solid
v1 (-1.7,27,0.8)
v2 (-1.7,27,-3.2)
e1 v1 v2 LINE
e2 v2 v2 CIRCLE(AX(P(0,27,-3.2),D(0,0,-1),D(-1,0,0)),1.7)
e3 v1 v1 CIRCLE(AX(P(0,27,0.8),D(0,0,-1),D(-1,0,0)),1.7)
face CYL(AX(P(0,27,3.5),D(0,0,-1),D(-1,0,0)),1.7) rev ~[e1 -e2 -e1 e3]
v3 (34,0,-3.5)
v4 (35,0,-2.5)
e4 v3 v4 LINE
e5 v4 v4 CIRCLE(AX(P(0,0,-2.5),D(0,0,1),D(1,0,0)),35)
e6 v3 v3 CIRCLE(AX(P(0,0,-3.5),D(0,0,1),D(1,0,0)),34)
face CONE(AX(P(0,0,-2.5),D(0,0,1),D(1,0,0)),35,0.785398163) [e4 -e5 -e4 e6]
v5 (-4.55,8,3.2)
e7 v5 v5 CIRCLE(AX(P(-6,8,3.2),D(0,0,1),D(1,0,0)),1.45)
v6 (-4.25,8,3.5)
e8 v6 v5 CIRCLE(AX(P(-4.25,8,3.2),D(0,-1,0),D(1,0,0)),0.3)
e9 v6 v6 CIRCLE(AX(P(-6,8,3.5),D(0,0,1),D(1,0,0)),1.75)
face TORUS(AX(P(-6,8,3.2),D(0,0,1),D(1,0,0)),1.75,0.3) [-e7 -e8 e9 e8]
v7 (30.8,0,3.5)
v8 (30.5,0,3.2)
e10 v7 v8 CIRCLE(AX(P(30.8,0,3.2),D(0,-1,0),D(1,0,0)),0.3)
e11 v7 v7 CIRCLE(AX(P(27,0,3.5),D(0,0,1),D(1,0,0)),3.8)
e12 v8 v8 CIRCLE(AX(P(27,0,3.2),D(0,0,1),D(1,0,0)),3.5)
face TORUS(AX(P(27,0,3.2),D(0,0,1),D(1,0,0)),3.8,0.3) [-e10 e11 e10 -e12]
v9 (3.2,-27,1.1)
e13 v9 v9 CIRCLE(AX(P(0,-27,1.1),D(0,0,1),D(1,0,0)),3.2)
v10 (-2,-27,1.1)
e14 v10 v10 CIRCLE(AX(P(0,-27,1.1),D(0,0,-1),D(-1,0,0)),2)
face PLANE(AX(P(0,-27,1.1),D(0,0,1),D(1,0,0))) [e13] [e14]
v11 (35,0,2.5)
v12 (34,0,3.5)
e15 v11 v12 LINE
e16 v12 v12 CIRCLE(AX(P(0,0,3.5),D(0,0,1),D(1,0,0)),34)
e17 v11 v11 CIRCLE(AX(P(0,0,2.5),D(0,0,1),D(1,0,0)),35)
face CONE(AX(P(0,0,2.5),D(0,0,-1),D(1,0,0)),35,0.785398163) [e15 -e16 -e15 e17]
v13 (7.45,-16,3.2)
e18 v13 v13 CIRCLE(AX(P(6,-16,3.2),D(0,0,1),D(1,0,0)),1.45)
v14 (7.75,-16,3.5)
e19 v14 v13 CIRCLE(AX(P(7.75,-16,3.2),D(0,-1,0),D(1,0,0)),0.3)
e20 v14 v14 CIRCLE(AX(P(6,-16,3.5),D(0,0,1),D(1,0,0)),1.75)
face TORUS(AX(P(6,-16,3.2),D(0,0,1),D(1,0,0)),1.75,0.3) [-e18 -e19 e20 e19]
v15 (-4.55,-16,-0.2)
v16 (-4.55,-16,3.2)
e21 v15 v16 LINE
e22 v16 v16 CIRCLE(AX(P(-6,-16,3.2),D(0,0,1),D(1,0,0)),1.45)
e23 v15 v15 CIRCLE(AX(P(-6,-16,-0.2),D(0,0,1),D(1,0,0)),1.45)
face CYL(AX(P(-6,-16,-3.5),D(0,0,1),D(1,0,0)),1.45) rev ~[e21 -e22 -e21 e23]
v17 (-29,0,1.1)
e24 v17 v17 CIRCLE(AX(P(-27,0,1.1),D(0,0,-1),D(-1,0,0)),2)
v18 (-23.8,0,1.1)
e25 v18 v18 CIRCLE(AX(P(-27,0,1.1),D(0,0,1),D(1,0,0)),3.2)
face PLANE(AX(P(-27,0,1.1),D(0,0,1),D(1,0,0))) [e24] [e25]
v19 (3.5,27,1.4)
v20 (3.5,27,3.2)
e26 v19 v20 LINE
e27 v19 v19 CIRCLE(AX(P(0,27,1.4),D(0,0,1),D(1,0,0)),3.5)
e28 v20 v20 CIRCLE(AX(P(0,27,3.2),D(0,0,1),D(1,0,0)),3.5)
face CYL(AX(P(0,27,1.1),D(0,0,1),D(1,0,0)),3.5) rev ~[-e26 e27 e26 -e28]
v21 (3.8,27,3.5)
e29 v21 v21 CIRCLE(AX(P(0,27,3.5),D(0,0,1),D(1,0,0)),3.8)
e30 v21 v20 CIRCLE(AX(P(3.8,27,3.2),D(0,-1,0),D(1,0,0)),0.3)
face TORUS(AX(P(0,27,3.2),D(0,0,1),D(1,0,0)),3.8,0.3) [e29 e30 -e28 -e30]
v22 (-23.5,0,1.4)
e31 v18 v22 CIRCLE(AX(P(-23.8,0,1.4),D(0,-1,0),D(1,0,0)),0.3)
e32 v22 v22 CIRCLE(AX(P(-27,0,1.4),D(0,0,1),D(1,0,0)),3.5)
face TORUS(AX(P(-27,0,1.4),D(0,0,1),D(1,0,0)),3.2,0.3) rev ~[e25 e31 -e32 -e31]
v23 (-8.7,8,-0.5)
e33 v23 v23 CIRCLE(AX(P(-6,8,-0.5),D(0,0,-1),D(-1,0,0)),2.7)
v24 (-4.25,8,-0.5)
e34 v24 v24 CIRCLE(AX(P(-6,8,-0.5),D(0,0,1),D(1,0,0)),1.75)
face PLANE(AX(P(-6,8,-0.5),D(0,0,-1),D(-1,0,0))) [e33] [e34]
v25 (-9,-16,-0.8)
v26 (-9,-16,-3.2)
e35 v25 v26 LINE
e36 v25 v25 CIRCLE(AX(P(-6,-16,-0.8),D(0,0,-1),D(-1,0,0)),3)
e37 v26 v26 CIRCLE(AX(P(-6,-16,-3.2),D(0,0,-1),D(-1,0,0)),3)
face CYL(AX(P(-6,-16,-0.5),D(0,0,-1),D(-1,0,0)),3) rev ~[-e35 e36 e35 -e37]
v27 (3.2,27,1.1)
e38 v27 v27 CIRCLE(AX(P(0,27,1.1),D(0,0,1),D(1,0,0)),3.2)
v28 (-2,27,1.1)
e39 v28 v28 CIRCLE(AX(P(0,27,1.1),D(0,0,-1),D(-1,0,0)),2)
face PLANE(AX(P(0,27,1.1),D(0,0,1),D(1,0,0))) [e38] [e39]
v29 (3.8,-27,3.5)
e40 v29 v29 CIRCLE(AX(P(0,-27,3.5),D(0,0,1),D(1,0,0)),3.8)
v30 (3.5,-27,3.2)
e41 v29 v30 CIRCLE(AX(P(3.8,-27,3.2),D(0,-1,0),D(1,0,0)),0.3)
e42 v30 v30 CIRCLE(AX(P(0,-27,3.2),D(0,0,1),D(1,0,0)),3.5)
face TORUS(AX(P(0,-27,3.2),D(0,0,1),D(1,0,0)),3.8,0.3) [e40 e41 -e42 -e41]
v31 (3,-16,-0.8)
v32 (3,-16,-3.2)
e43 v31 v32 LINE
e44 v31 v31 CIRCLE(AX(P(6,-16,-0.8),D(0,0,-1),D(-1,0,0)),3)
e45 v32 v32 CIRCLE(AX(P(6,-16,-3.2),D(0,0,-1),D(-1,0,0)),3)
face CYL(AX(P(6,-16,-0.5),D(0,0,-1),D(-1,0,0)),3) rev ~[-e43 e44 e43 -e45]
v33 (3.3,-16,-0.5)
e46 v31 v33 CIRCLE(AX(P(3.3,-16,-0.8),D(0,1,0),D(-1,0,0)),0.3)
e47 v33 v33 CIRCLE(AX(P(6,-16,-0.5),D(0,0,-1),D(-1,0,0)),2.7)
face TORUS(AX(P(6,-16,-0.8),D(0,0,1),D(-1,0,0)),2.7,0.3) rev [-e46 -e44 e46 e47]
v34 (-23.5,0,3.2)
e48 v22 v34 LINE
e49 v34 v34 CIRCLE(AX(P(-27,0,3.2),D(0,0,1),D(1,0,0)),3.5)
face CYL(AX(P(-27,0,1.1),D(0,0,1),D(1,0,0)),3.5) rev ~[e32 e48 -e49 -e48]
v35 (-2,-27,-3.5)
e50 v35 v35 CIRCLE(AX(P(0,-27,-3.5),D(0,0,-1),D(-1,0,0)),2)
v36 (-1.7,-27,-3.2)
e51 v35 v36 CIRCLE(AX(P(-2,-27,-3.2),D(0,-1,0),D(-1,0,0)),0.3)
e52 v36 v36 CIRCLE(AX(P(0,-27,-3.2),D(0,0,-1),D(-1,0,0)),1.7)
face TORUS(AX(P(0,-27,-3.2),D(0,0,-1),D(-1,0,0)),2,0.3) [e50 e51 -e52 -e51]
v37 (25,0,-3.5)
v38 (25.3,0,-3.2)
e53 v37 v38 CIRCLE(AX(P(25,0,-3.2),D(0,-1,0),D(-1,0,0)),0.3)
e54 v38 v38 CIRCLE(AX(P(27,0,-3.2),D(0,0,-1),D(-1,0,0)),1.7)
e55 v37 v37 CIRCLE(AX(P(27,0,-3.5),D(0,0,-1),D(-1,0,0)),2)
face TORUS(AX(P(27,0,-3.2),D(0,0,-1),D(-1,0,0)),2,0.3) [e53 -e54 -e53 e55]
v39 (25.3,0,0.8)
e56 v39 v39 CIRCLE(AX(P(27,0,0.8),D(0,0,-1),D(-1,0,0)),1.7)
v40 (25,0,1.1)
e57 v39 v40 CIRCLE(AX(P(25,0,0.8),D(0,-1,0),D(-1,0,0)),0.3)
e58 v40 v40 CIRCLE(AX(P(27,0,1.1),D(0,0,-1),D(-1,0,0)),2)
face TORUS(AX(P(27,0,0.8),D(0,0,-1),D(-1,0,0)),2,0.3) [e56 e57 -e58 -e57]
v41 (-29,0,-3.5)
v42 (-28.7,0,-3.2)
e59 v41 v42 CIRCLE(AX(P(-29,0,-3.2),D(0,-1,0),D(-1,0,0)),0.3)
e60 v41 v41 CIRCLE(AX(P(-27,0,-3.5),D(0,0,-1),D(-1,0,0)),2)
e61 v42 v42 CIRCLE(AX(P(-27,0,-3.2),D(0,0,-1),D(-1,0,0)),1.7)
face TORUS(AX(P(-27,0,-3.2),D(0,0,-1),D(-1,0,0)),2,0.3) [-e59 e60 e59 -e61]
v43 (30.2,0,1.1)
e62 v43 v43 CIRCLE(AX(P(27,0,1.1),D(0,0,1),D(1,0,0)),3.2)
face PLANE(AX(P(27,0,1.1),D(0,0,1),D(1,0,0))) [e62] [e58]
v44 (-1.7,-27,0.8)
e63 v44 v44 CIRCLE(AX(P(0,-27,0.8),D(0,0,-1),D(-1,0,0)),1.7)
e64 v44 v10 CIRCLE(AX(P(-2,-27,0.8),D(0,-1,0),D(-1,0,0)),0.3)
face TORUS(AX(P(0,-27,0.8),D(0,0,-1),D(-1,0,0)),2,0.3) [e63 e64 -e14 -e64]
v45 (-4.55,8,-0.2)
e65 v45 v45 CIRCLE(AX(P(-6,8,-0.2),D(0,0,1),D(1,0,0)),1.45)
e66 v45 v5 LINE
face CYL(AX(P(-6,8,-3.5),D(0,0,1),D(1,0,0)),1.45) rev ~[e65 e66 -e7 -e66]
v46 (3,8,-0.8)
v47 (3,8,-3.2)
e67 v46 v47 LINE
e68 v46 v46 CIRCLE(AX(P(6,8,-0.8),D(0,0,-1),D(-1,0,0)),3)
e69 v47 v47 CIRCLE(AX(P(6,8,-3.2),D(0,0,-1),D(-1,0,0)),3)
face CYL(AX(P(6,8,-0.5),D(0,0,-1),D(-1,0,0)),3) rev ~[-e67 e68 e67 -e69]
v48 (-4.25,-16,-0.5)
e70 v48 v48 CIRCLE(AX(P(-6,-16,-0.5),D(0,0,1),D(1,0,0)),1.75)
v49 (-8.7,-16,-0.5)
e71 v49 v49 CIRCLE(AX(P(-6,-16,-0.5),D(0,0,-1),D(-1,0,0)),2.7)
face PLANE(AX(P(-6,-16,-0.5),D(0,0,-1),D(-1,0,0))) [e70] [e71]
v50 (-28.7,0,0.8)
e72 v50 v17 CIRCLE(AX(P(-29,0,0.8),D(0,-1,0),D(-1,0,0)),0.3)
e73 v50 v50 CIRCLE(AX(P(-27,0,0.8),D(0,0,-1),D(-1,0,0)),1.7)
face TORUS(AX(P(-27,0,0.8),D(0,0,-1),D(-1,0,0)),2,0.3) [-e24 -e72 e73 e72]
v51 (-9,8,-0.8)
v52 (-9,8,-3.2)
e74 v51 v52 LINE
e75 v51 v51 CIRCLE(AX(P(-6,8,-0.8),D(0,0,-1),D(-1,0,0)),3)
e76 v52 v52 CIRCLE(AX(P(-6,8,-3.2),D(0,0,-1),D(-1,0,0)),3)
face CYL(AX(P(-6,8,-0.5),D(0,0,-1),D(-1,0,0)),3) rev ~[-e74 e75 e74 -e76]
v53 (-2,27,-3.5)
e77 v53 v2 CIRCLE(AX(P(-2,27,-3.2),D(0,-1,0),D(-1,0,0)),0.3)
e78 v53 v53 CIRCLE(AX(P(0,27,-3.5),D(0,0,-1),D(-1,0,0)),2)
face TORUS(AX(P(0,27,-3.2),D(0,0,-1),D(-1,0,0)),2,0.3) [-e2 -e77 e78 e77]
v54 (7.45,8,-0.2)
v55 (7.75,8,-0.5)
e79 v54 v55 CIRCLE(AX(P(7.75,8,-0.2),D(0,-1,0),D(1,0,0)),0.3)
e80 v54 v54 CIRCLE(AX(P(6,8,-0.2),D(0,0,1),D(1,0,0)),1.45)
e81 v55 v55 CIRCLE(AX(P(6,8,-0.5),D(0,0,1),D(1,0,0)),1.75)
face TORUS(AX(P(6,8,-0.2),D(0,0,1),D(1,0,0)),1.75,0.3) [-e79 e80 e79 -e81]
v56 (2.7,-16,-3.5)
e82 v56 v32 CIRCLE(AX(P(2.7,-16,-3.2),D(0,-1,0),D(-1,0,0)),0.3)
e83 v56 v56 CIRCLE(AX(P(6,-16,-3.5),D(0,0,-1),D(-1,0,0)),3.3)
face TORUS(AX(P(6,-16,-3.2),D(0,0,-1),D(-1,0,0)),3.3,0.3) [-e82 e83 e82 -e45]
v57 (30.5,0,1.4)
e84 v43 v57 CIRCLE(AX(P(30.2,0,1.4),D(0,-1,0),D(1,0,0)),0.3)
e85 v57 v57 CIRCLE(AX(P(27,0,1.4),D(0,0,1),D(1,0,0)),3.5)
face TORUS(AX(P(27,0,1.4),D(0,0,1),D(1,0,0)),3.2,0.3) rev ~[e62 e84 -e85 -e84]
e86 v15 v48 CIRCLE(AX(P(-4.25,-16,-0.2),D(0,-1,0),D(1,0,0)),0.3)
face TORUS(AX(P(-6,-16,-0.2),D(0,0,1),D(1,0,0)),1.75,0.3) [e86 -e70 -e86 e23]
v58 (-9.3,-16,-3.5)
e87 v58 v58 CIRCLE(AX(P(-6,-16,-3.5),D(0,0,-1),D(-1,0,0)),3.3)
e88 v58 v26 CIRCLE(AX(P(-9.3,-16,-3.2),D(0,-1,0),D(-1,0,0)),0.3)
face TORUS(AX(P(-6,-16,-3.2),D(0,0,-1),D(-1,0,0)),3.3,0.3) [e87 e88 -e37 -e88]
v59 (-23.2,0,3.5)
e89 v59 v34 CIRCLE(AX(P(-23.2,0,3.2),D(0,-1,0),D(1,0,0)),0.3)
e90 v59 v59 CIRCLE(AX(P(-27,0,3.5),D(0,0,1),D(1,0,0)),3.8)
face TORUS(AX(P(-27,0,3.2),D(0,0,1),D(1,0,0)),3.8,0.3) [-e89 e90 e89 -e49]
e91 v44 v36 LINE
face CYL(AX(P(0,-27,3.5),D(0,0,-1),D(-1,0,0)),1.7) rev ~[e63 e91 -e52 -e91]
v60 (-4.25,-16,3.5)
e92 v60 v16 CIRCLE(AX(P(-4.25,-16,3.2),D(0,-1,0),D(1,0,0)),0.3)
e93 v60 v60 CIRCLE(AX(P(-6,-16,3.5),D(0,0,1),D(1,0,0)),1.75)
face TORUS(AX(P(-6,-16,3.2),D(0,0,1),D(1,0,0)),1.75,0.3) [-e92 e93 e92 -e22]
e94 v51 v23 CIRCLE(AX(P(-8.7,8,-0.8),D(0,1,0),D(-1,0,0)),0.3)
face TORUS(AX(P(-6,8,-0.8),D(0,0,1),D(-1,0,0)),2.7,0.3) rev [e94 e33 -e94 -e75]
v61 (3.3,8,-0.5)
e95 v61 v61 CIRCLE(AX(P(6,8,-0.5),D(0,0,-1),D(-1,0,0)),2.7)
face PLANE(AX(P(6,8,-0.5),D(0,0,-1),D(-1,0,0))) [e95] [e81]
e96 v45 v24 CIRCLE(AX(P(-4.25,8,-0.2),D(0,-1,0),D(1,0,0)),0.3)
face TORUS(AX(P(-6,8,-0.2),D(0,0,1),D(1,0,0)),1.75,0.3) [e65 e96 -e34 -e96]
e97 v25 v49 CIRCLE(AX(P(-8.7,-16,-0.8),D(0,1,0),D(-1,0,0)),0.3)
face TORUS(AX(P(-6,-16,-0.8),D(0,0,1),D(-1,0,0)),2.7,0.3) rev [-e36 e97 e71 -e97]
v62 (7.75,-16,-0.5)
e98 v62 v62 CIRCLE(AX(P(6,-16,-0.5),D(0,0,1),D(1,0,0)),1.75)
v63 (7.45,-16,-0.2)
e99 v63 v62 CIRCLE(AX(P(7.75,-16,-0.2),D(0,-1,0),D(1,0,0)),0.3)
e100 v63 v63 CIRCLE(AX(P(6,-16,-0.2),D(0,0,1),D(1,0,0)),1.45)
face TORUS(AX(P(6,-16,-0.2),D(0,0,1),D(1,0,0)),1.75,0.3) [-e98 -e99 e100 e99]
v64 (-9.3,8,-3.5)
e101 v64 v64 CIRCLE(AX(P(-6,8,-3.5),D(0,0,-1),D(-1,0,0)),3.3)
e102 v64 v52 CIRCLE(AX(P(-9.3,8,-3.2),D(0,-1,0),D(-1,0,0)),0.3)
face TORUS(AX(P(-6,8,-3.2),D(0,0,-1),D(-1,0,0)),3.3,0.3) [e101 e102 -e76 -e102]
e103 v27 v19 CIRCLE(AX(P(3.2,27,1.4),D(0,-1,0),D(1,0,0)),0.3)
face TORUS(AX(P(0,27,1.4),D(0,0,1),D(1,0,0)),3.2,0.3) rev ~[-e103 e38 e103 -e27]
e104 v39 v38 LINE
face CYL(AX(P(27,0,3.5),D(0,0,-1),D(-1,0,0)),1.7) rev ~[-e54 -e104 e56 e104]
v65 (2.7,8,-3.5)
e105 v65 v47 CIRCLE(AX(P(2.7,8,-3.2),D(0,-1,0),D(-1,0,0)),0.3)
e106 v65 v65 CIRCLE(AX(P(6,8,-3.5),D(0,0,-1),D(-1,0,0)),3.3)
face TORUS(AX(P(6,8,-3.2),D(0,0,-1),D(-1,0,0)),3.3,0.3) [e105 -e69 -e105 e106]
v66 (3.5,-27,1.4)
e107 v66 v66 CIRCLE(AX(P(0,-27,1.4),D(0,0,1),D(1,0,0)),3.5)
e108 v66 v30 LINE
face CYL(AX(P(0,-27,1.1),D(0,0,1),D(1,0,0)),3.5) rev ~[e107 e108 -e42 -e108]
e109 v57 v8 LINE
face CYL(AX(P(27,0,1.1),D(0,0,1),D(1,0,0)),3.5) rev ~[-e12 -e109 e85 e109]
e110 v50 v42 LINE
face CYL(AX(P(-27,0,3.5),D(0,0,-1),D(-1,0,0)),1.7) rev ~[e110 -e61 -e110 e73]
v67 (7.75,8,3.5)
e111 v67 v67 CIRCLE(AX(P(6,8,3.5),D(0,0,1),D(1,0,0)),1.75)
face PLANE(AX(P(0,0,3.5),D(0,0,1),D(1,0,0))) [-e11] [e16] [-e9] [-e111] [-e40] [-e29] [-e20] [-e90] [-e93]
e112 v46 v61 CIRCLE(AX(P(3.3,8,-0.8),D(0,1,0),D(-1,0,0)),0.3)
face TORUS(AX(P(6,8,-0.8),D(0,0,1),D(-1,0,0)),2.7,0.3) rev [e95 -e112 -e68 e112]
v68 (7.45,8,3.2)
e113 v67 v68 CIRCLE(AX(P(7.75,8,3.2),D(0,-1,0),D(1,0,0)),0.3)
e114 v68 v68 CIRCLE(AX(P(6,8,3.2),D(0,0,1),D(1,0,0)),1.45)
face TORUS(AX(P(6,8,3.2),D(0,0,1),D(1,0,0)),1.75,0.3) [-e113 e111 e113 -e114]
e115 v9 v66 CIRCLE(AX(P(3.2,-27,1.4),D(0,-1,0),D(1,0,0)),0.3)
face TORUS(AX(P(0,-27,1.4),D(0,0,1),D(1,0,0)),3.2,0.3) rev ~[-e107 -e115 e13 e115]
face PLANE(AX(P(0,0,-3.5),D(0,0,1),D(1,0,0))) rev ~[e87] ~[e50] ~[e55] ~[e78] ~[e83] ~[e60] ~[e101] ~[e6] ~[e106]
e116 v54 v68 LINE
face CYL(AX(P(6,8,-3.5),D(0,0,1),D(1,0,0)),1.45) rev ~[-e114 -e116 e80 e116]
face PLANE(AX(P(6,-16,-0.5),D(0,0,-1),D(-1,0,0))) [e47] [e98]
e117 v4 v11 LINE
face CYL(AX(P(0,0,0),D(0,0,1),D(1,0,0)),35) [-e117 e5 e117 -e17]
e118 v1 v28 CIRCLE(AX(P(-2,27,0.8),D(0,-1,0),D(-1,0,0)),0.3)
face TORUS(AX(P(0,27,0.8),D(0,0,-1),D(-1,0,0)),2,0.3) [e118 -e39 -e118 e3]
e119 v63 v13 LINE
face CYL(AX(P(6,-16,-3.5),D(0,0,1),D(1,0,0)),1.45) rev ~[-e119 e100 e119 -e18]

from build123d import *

# Parameters (mm, degrees)
SKETCH_1_R                     = 35
EXTRUDE_1_DEPTH                = 3.5
HOLE_WIZARD_M2_5_1_D           = 2.9
HOLE_WIZARD_M2_5_1_CBORE_D     = 6
HOLE_WIZARD_M2_5_1_CBORE_DEPTH = 3
FILLET_1_R                     = 0.3
HOLE_WIZARD_M3_2_D             = 3.4
HOLE_WIZARD_M3_2_CBORE_D       = 7
HOLE_WIZARD_M3_2_CBORE_DEPTH   = 2.4
FILLET_2_R                     = 0.3
CHAMFER_1_SIZE                 = 1


with BuildPart() as part:
    # 스케치1 → 보스-돌출1 (new, symmetric)
    with BuildSketch(Plane.XY):
        Circle(SKETCH_1_R)
    extrude(amount=EXTRUDE_1_DEPTH, both=True)

    # M2.5 남비 머리 나사용 카운터보어1 (through all)
    with Locations(Plane(origin=(0, 0, -3.5), x_dir=(-1, 0, 0), z_dir=(0, 0, -1))):
        with Locations((-6, 8), (6, 8), (-6, -16), (6, -16)):
            CounterBoreHole(HOLE_WIZARD_M2_5_1_D / 2, HOLE_WIZARD_M2_5_1_CBORE_D / 2, HOLE_WIZARD_M2_5_1_CBORE_DEPTH)

    # 필렛1
    fillet_1_edges = [part.edges().sort_by_distance(p)[0] for p in [
        (-3, -16, -0.5),
        (9, -16, -3.5),
        (4.55, -16, 3.5),
        (4.55, -16, -0.5),
        (9, -16, -0.5),
        (-3, 8, -3.5),
        (-7.45, 8, 3.5),
        (-7.45, 8, -0.5),
        (-3, 8, -0.5),
        (9, 8, -3.5),
        (4.55, 8, 3.5),
        (4.55, 8, -0.5),
        (9, 8, -0.5),
        (-3, -16, -3.5),
        (-7.45, -16, 3.5),
        (-7.45, -16, -0.5),
    ]]
    fillet(fillet_1_edges, radius=FILLET_1_R)

    # M3 남비 머리 나사용 카운터보어2 (through all)
    with Locations(Plane.XY.offset(3.5)):
        with Locations((0, 27), (27, 0), (0, -27), (-27, 0)):
            CounterBoreHole(HOLE_WIZARD_M3_2_D / 2, HOLE_WIZARD_M3_2_CBORE_D / 2, HOLE_WIZARD_M3_2_CBORE_DEPTH)

    # 필렛2
    fillet_2_edges = [part.edges().sort_by_distance(p)[0] for p in [
        (-3.5, -27, 3.5),
        (1.7, -27, -3.5),
        (1.7, -27, 1.1),
        (-3.5, -27, 1.1),
        (23.5, 0, 3.5),
        (28.7, 0, -3.5),
        (28.7, 0, 1.1),
        (23.5, 0, 1.1),
        (-3.5, 27, 3.5),
        (1.7, 27, -3.5),
        (1.7, 27, 1.1),
        (-3.5, 27, 1.1),
        (-30.5, 0, 3.5),
        (-25.3, 0, -3.5),
        (-25.3, 0, 1.1),
        (-30.5, 0, 1.1),
    ]]
    fillet(fillet_2_edges, radius=FILLET_2_R)

    # 모따기1
    chamfer_1_edges = [part.edges().sort_by_distance(p)[0] for p in [
        (-35, 0, -3.5),
        (-35, 0, 3.5),
    ]]
    chamfer(chamfer_1_edges, length=CHAMFER_1_SIZE)


solid = part.part
